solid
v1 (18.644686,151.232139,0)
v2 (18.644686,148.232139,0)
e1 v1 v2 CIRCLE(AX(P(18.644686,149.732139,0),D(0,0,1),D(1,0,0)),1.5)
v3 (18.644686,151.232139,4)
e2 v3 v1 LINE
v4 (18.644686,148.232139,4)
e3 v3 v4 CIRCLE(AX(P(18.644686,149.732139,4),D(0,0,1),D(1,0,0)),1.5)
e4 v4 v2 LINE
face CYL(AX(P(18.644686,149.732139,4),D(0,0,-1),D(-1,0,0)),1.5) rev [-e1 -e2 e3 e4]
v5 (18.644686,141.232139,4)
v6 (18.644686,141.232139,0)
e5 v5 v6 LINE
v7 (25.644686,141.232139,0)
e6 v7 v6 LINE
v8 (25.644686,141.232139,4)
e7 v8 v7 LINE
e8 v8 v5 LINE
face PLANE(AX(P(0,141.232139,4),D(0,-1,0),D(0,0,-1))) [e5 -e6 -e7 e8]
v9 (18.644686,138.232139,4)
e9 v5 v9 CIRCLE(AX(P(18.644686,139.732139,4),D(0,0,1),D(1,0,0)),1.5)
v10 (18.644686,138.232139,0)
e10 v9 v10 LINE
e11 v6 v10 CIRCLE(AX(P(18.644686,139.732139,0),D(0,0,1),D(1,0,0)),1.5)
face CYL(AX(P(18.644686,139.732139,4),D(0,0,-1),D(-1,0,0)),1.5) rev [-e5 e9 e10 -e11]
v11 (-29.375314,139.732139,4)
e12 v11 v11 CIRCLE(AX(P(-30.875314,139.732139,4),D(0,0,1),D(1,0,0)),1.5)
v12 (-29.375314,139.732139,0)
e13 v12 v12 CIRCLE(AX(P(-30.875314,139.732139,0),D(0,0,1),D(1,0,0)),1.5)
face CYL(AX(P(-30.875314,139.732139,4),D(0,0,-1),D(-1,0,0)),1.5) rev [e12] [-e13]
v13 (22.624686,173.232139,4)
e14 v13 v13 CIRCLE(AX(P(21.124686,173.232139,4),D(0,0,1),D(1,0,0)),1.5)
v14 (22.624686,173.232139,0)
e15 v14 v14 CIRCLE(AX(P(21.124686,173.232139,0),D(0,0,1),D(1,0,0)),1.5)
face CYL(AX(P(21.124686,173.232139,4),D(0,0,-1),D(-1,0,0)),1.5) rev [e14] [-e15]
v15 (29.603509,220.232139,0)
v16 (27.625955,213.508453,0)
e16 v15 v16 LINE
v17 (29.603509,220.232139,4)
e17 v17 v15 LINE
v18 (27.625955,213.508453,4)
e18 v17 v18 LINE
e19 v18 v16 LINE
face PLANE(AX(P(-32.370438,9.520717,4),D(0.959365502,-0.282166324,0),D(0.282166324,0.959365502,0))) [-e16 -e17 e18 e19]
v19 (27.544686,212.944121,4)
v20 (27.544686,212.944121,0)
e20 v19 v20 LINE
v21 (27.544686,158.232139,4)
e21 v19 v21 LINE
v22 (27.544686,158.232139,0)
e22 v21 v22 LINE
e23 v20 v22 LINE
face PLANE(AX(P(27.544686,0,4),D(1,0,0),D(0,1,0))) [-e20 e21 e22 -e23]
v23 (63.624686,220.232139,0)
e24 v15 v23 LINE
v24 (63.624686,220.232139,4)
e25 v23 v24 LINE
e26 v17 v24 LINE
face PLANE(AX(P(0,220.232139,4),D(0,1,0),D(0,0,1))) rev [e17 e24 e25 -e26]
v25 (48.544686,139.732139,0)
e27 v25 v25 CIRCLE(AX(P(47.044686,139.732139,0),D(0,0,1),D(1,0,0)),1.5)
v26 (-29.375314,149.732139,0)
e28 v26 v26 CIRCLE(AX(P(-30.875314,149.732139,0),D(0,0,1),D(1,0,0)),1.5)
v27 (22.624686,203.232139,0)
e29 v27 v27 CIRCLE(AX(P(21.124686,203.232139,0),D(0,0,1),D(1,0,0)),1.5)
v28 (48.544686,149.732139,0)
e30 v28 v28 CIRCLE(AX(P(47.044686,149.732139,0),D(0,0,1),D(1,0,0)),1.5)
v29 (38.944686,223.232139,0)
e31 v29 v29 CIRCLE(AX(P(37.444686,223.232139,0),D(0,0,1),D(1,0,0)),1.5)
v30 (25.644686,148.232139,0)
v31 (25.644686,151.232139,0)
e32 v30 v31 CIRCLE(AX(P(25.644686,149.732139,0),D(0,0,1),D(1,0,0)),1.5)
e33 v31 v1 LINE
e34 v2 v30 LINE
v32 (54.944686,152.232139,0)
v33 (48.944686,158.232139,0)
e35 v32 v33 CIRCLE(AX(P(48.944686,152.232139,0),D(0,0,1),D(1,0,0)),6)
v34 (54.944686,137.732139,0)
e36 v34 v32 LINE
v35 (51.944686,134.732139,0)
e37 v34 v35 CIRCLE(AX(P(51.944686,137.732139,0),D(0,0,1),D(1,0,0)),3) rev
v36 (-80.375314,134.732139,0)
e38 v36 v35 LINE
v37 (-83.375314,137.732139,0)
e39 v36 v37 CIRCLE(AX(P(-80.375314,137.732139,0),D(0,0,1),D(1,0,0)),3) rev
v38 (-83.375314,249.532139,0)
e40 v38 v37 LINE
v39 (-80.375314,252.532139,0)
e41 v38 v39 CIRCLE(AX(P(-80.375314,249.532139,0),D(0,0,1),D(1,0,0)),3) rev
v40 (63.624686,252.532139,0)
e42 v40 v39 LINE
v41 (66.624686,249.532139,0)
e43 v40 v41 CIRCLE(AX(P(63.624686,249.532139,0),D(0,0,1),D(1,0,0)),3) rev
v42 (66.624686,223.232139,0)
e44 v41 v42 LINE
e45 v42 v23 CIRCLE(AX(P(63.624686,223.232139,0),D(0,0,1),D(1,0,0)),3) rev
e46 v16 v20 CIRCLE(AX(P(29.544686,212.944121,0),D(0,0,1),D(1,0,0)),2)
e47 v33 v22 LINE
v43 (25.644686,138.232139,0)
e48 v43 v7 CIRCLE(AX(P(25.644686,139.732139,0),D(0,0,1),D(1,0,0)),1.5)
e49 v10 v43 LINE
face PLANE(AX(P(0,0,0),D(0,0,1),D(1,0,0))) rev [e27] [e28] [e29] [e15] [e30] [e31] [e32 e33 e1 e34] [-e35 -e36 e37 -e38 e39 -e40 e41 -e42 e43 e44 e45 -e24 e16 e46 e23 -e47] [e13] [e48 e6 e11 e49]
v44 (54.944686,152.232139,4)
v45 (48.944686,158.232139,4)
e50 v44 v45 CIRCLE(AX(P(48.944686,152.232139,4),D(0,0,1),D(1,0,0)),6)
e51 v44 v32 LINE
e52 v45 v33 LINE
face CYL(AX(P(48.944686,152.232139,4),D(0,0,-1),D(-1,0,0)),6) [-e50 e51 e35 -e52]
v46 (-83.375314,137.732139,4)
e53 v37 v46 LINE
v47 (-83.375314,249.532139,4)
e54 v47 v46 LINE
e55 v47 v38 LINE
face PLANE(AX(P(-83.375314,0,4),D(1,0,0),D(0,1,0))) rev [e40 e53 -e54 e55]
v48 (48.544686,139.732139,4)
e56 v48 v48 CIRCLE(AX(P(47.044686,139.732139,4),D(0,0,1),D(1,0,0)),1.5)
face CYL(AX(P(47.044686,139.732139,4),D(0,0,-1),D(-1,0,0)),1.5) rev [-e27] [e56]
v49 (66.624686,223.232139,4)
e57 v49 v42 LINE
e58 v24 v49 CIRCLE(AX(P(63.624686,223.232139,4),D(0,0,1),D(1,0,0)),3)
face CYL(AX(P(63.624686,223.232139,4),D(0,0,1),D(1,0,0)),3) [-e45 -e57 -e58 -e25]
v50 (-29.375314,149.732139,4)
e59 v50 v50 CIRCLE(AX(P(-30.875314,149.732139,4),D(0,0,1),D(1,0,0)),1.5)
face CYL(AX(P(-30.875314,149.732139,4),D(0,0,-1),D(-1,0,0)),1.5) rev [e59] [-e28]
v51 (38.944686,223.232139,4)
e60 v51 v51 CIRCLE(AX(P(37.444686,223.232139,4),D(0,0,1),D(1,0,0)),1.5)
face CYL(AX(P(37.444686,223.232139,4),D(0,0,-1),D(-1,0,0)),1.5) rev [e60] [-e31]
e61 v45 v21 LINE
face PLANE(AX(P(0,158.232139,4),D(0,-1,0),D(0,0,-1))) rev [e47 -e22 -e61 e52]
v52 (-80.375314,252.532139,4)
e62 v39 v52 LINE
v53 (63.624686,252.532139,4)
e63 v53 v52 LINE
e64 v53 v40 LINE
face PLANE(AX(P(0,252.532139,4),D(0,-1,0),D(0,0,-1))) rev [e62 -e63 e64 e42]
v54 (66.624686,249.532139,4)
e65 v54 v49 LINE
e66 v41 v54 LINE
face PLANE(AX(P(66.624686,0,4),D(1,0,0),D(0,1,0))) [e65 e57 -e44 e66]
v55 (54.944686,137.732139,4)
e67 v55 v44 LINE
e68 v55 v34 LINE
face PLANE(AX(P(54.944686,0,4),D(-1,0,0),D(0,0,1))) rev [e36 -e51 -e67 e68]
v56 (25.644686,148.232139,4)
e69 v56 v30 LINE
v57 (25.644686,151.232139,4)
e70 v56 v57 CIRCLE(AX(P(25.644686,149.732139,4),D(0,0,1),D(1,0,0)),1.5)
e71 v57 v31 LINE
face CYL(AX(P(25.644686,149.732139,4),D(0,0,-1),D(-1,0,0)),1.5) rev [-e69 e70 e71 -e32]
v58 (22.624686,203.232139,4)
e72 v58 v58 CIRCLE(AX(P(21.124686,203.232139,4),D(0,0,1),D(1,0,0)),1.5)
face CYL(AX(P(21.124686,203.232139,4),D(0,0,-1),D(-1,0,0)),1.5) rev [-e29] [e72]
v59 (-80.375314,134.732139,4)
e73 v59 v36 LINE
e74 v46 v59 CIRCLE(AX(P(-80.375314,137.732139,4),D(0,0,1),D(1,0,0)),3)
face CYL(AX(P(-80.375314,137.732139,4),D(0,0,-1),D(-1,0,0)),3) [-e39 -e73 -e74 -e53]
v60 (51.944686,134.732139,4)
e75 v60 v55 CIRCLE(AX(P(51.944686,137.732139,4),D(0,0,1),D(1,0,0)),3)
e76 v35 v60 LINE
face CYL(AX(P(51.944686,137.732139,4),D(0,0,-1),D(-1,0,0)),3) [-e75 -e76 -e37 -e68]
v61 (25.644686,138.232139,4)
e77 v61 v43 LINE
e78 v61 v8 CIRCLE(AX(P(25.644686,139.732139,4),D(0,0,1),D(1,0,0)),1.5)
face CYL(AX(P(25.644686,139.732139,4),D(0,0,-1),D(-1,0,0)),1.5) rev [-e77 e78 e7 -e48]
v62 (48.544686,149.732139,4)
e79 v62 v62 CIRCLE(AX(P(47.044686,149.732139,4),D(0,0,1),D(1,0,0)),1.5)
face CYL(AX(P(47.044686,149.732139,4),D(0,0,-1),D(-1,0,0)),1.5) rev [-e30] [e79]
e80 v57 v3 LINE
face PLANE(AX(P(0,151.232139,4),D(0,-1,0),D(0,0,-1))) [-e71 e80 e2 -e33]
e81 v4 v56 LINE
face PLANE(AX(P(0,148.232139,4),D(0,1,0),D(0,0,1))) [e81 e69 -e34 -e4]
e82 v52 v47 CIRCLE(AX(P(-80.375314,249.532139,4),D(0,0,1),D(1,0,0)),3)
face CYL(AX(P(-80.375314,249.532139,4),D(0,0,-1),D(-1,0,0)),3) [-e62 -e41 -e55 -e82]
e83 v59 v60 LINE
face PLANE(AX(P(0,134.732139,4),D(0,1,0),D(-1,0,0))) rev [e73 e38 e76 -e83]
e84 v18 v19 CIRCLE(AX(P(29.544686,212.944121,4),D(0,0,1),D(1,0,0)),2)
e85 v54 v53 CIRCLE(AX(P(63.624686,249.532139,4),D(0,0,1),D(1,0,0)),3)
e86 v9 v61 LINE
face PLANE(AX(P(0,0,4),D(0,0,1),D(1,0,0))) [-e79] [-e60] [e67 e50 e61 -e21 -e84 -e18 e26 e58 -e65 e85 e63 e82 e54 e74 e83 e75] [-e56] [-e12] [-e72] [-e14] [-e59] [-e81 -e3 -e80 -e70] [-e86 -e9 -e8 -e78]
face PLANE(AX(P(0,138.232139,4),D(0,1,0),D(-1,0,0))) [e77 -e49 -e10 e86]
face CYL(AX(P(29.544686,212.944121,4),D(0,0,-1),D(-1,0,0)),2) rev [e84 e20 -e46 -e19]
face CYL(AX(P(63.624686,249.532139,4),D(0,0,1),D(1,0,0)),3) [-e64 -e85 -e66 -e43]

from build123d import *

# Parameters (mm, degrees)
SKETCH_2_R      = 1.5
EXTRUDE_3_DEPTH = 4
FILLET_2_R      = 3


with BuildPart() as part:
    # 草图2 → 凸台-拉伸3 (new body)
    with BuildSketch(Plane.XY):
        with BuildLine():
            Line((66.624685503, 252.532138716), (-83.375314497, 252.532138716))
            Line((-83.375314497, 252.532138716), (-83.375314497, 134.732138716))
            Line((-83.375314497, 134.732138716), (54.944685503, 134.732138716))
            Line((54.944685503, 134.732138716), (54.944685503, 152.232138716))
            ThreePointArc((54.944685503, 152.232138716), (53.18732619, 156.474779403), (48.944685503, 158.232138716))
            Line((48.944685503, 158.232138716), (27.544685503, 158.232138716))
            Line((27.544685503, 158.232138716), (27.544685503, 212.944120657))
            ThreePointArc((27.544685503, 212.944120657), (27.565107012, 213.229197834), (27.6259545, 213.508453305))
            Line((27.6259545, 213.508453305), (29.603509033, 220.232138716))
            Line((29.603509033, 220.232138716), (66.624685503, 220.232138716))
            Line((66.624685503, 220.232138716), (66.624685503, 252.532138716))
        make_face()
        with Locations((-30.875314497, 139.732138716)):
            Circle(SKETCH_2_R, mode=Mode.SUBTRACT)
        with Locations((-30.875314497, 149.732138716)):
            Circle(SKETCH_2_R, mode=Mode.SUBTRACT)
        with Locations((21.124685503, 173.232138716)):
            Circle(SKETCH_2_R, mode=Mode.SUBTRACT)
        with Locations((21.124685503, 203.232138716)):
            Circle(SKETCH_2_R, mode=Mode.SUBTRACT)
        with BuildLine():
            Line((18.644685503, 151.232138716), (25.644685503, 151.232138716))
            ThreePointArc((25.644685503, 151.232138716), (27.144685503, 149.732138716), (25.644685503, 148.232138716))
            Line((25.644685503, 148.232138716), (18.644685503, 148.232138716))
            ThreePointArc((18.644685503, 148.232138716), (17.144685503, 149.732138716), (18.644685503, 151.232138716))
        make_face(mode=Mode.SUBTRACT)
        with BuildLine():
            Line((25.644685503, 138.232138716), (18.644685503, 138.232138716))
            ThreePointArc((18.644685503, 138.232138716), (17.144685503, 139.732138716), (18.644685503, 141.232138716))
            Line((18.644685503, 141.232138716), (25.644685503, 141.232138716))
            ThreePointArc((25.644685503, 141.232138716), (27.144685503, 139.732138716), (25.644685503, 138.232138716))
        make_face(mode=Mode.SUBTRACT)
        with Locations((37.444685503, 223.232138716)):
            Circle(SKETCH_2_R, mode=Mode.SUBTRACT)
        with Locations((47.044685503, 149.732138716)):
            Circle(SKETCH_2_R, mode=Mode.SUBTRACT)
        with Locations((47.044685503, 139.732138716)):
            Circle(SKETCH_2_R, mode=Mode.SUBTRACT)
    extrude(amount=EXTRUDE_3_DEPTH)

    # 圆角2
    fillet_2_edges = [part.edges().sort_by_distance(p)[0] for p in [
        (-83.375314497, 134.732138716, 2),
        (-83.375314497, 252.532138716, 2),
        (66.624685503, 252.532138716, 2),
        (66.624685503, 220.232138716, 2),
        (54.944685503, 134.732138716, 2),
    ]]
    fillet(fillet_2_edges, radius=FILLET_2_R)


solid = part.part
